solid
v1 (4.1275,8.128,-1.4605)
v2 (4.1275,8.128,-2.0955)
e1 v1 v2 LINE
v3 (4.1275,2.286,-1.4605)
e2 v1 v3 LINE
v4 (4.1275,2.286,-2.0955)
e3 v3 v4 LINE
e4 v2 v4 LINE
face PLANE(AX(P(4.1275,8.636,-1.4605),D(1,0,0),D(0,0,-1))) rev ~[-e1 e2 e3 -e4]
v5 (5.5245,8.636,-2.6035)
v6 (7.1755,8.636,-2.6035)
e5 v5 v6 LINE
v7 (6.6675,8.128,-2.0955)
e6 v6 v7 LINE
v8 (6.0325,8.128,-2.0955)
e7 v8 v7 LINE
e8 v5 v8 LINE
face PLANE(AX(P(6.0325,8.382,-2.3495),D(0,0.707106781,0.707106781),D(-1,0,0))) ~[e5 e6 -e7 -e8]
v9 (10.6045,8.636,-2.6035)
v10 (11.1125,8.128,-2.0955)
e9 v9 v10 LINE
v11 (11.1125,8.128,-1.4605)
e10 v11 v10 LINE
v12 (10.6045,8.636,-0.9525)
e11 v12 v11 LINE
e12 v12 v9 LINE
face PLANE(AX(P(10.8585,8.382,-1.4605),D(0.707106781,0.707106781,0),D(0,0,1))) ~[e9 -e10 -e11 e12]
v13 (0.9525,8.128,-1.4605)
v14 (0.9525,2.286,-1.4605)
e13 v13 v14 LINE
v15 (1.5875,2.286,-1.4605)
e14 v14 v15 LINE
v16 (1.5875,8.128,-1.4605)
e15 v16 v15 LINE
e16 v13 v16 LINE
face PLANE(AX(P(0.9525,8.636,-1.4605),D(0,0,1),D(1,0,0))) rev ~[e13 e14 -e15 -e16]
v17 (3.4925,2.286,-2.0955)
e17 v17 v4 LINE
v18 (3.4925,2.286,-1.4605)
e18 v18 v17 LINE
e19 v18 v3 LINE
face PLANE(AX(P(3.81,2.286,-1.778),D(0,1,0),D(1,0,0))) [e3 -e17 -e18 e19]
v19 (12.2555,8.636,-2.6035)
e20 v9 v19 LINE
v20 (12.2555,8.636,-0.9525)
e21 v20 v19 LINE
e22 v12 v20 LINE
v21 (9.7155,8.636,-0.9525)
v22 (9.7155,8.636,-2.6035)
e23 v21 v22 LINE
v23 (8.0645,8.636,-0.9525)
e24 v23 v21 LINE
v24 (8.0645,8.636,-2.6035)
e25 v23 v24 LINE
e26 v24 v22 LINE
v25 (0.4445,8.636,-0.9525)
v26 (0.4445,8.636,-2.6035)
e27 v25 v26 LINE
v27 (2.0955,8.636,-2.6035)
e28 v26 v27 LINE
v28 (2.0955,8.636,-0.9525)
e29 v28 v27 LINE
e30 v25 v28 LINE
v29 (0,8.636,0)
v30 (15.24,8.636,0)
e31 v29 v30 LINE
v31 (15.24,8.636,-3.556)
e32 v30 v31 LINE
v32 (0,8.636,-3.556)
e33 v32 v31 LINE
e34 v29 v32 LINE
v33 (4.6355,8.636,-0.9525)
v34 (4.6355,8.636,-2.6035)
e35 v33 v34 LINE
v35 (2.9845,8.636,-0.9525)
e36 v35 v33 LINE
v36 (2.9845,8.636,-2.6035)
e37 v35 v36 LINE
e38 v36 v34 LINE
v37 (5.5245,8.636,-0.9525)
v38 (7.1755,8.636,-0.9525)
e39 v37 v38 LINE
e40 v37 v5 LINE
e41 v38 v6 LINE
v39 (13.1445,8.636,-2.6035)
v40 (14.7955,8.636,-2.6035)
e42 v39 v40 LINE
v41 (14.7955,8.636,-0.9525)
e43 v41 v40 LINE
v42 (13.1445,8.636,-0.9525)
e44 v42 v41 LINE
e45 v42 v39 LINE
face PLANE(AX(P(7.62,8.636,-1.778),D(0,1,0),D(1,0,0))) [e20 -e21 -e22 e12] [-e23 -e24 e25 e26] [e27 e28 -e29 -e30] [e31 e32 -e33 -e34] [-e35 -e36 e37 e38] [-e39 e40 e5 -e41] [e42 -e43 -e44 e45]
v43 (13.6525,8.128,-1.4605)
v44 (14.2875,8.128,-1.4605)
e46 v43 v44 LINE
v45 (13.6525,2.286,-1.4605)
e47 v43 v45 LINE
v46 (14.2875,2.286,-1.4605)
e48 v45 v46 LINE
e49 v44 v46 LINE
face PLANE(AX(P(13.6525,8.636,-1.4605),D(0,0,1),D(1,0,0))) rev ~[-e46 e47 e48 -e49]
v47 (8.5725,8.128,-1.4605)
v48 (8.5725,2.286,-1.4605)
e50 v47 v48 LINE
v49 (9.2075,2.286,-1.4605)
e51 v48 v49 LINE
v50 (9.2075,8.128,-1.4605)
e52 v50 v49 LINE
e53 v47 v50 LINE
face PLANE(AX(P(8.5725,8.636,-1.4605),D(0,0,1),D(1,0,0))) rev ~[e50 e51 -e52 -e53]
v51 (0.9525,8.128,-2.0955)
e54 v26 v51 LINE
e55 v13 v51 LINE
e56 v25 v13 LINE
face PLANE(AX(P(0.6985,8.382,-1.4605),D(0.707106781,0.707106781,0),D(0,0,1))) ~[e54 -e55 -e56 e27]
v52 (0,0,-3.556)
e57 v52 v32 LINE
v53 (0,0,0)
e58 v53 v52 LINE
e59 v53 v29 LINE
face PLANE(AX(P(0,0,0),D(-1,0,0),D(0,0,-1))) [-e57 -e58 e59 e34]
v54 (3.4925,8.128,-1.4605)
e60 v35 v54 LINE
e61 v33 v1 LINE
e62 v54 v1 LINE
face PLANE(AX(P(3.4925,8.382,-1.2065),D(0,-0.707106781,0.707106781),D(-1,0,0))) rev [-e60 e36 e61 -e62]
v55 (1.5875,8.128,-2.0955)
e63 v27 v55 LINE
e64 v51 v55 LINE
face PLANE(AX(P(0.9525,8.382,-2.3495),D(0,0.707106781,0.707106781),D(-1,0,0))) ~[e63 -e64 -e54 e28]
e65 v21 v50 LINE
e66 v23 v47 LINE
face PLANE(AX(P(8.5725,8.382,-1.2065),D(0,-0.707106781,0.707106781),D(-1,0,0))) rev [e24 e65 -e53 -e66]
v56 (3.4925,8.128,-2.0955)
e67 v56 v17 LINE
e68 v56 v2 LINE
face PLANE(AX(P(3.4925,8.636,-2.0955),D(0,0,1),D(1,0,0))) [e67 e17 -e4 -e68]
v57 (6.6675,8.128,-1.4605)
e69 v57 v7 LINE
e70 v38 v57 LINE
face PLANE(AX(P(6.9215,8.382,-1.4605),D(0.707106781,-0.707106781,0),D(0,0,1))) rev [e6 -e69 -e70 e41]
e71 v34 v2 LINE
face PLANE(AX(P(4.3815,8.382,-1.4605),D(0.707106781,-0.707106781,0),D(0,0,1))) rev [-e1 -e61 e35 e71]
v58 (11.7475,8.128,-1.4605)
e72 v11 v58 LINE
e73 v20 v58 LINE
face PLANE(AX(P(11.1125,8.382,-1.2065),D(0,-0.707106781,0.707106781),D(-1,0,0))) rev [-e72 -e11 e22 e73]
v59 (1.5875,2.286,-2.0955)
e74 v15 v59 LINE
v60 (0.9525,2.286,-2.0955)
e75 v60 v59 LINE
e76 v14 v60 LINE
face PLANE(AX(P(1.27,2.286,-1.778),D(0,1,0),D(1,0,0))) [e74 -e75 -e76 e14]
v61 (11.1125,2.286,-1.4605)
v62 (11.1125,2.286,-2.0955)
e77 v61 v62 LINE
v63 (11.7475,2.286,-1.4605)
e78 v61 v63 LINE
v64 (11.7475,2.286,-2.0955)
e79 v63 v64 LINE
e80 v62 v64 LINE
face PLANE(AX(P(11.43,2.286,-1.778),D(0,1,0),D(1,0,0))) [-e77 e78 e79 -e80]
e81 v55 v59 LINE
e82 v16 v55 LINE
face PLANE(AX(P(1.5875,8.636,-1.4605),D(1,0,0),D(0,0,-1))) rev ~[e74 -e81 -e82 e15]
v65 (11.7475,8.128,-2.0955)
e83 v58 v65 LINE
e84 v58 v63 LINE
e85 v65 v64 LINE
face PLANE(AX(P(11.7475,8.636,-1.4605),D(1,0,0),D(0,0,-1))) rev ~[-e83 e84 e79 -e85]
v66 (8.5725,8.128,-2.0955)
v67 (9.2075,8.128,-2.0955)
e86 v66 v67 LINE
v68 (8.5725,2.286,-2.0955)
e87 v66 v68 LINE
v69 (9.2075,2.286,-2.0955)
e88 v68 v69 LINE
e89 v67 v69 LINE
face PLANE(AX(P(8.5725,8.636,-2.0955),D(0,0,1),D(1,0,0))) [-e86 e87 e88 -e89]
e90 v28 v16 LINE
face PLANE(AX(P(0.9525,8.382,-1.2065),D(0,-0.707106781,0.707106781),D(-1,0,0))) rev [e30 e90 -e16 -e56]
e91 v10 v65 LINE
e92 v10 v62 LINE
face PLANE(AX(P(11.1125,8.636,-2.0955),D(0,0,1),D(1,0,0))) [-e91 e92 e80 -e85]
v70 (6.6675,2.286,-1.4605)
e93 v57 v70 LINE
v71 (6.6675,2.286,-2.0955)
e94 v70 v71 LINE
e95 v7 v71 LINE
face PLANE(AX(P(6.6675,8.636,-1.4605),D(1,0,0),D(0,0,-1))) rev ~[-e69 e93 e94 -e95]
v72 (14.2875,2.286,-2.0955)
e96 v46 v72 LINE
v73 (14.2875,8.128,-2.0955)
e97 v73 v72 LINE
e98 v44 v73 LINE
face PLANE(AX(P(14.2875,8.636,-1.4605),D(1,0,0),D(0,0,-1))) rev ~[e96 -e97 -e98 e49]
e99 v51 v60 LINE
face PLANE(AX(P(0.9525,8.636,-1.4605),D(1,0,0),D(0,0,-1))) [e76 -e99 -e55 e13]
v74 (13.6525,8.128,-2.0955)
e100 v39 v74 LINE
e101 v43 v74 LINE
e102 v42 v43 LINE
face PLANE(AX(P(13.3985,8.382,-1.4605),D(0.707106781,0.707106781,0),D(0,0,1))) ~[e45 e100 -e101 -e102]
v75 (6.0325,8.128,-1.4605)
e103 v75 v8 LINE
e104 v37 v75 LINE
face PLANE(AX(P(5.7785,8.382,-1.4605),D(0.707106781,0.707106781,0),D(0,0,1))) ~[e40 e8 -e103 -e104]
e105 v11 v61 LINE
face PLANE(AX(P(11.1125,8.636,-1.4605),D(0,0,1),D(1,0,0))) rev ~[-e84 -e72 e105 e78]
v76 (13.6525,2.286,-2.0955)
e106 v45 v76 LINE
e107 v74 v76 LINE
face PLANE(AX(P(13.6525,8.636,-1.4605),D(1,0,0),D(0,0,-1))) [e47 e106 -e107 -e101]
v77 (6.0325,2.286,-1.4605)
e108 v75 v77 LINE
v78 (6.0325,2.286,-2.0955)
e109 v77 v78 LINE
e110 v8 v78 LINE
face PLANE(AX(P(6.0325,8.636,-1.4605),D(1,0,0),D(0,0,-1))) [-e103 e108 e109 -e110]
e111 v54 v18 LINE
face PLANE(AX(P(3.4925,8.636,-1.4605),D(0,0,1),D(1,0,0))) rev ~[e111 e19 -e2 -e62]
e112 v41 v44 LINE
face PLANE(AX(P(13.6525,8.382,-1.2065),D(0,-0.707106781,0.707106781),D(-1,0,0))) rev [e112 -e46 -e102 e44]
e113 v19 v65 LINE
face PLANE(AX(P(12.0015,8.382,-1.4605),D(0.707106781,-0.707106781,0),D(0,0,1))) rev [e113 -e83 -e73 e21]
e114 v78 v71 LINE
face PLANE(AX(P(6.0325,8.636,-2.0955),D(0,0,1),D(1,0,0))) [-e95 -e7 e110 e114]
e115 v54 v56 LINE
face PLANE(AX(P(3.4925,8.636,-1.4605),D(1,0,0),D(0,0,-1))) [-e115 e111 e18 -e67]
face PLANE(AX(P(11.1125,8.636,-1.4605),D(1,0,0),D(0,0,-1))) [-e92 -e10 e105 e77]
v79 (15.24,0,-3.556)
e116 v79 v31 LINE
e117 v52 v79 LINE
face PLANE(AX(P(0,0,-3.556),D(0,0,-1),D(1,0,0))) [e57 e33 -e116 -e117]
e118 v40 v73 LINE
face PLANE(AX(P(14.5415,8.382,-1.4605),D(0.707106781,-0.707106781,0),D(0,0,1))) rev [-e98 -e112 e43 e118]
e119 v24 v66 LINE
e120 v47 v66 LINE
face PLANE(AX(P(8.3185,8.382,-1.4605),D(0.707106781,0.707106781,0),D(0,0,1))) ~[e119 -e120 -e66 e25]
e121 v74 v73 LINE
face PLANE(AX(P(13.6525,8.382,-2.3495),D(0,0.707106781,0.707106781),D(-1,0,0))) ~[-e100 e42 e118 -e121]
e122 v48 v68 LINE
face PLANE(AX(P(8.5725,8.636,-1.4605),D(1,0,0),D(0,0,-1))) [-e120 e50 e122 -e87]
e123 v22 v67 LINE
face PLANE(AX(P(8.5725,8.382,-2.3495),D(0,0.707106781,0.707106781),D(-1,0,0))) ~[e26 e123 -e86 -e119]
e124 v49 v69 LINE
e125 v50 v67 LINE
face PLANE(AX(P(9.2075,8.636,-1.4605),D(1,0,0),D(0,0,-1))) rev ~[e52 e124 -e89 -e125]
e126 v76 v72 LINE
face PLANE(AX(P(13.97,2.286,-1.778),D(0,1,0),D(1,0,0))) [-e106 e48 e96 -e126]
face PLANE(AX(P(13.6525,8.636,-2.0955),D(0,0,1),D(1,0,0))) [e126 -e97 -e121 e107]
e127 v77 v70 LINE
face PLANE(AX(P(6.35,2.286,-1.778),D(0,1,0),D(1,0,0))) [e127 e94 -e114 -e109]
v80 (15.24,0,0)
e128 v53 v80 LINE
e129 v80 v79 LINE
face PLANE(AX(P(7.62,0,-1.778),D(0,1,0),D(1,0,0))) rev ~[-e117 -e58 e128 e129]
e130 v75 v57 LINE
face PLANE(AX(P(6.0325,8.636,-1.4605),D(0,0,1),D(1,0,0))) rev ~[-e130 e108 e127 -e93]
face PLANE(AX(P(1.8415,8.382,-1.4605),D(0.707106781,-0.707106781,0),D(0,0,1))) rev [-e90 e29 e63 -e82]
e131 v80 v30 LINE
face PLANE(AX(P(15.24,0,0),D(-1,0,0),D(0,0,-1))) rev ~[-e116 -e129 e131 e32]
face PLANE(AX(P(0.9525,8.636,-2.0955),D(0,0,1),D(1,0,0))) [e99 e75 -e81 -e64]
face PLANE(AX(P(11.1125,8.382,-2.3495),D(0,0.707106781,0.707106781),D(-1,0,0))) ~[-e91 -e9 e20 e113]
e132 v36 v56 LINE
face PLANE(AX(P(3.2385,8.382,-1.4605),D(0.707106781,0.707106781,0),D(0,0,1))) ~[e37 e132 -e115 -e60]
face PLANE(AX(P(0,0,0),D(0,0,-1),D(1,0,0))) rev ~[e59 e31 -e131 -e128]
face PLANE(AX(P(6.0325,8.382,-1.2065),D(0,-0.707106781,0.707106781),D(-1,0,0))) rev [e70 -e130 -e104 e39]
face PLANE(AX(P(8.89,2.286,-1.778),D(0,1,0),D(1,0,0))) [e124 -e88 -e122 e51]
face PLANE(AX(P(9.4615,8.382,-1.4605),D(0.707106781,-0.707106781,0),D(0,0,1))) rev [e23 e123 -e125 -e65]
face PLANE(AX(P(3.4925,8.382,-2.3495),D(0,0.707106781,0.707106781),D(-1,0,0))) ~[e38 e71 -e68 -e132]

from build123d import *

# Parameters (mm, degrees)
SKETCH1_W                  = 15.24
SKETCH1_H                  = 3.556
BOSS_EXTRUDE1_DEPTH        = 8.636
SKETCH2_W                  = 0.635
SKETCH2_H                  = 0.635
CUT_EXTRUDE1_DEPTH         = 6.35
CHAMFER1_SIZE              = 0.508
LPATTERN1_COUNT            = 6
LPATTERN1_PITCH            = 2.54
CHAMFER1_OF_LPATTERN1_SIZE = 0.508


with BuildPart() as part:
    # Sketch1 → Boss-Extrude1 (new body)
    with BuildSketch(Plane(origin=(0, 0, 0), x_dir=(1, 0, 0), z_dir=(0, 1, 0))):
        with Locations((7.62, 1.778)):
            Rectangle(SKETCH1_W, SKETCH1_H)
    extrude(amount=BOSS_EXTRUDE1_DEPTH)

    # Sketch2 → Cut-Extrude1 (cut)
    with BuildSketch(Plane(origin=(0, 8.636, 0), x_dir=(1, 0, 0), z_dir=(0, 1, 0))):
        with Locations((1.27, 1.778)):
            Rectangle(SKETCH2_W, SKETCH2_H)
    cut_extrude1 = extrude(amount=-CUT_EXTRUDE1_DEPTH, mode=Mode.SUBTRACT)

    # Chamfer1
    chamfer1_edges = [part.edges().sort_by_distance(p)[0] for p in [
        (1.5875, 8.636, -1.778),
        (1.27, 8.636, -2.0955),
        (0.9525, 8.636, -1.778),
        (1.27, 8.636, -1.4605),
    ]]
    chamfer(chamfer1_edges, length=CHAMFER1_SIZE)

    # LPattern1: Cut-Extrude1 ×6
    with Locations(*[(i * LPATTERN1_PITCH, 0, 0) for i in range(1, LPATTERN1_COUNT)]):
        add(cut_extrude1, mode=Mode.SUBTRACT)

    # Chamfer1 of LPattern1
    chamfer1_of_lpattern1_edges = [part.edges().sort_by_distance(p)[0] for p in [
        (4.1275, 8.636, -1.778),
        (3.81, 8.636, -2.0955),
        (3.4925, 8.636, -1.778),
        (3.81, 8.636, -1.4605),
        (6.6675, 8.636, -1.778),
        (6.35, 8.636, -2.0955),
        (6.0325, 8.636, -1.778),
        (6.35, 8.636, -1.4605),
        (9.2075, 8.636, -1.778),
        (8.89, 8.636, -2.0955),
        (8.5725, 8.636, -1.778),
        (8.89, 8.636, -1.4605),
        (11.7475, 8.636, -1.778),
        (11.43, 8.636, -2.0955),
        (11.1125, 8.636, -1.778),
        (11.43, 8.636, -1.4605),
        (14.2875, 8.636, -1.778),
        (13.97, 8.636, -2.0955),
        (13.6525, 8.636, -1.778),
        (13.97, 8.636, -1.4605),
    ]]
    chamfer(chamfer1_of_lpattern1_edges, length=CHAMFER1_OF_LPATTERN1_SIZE)


solid = part.part
